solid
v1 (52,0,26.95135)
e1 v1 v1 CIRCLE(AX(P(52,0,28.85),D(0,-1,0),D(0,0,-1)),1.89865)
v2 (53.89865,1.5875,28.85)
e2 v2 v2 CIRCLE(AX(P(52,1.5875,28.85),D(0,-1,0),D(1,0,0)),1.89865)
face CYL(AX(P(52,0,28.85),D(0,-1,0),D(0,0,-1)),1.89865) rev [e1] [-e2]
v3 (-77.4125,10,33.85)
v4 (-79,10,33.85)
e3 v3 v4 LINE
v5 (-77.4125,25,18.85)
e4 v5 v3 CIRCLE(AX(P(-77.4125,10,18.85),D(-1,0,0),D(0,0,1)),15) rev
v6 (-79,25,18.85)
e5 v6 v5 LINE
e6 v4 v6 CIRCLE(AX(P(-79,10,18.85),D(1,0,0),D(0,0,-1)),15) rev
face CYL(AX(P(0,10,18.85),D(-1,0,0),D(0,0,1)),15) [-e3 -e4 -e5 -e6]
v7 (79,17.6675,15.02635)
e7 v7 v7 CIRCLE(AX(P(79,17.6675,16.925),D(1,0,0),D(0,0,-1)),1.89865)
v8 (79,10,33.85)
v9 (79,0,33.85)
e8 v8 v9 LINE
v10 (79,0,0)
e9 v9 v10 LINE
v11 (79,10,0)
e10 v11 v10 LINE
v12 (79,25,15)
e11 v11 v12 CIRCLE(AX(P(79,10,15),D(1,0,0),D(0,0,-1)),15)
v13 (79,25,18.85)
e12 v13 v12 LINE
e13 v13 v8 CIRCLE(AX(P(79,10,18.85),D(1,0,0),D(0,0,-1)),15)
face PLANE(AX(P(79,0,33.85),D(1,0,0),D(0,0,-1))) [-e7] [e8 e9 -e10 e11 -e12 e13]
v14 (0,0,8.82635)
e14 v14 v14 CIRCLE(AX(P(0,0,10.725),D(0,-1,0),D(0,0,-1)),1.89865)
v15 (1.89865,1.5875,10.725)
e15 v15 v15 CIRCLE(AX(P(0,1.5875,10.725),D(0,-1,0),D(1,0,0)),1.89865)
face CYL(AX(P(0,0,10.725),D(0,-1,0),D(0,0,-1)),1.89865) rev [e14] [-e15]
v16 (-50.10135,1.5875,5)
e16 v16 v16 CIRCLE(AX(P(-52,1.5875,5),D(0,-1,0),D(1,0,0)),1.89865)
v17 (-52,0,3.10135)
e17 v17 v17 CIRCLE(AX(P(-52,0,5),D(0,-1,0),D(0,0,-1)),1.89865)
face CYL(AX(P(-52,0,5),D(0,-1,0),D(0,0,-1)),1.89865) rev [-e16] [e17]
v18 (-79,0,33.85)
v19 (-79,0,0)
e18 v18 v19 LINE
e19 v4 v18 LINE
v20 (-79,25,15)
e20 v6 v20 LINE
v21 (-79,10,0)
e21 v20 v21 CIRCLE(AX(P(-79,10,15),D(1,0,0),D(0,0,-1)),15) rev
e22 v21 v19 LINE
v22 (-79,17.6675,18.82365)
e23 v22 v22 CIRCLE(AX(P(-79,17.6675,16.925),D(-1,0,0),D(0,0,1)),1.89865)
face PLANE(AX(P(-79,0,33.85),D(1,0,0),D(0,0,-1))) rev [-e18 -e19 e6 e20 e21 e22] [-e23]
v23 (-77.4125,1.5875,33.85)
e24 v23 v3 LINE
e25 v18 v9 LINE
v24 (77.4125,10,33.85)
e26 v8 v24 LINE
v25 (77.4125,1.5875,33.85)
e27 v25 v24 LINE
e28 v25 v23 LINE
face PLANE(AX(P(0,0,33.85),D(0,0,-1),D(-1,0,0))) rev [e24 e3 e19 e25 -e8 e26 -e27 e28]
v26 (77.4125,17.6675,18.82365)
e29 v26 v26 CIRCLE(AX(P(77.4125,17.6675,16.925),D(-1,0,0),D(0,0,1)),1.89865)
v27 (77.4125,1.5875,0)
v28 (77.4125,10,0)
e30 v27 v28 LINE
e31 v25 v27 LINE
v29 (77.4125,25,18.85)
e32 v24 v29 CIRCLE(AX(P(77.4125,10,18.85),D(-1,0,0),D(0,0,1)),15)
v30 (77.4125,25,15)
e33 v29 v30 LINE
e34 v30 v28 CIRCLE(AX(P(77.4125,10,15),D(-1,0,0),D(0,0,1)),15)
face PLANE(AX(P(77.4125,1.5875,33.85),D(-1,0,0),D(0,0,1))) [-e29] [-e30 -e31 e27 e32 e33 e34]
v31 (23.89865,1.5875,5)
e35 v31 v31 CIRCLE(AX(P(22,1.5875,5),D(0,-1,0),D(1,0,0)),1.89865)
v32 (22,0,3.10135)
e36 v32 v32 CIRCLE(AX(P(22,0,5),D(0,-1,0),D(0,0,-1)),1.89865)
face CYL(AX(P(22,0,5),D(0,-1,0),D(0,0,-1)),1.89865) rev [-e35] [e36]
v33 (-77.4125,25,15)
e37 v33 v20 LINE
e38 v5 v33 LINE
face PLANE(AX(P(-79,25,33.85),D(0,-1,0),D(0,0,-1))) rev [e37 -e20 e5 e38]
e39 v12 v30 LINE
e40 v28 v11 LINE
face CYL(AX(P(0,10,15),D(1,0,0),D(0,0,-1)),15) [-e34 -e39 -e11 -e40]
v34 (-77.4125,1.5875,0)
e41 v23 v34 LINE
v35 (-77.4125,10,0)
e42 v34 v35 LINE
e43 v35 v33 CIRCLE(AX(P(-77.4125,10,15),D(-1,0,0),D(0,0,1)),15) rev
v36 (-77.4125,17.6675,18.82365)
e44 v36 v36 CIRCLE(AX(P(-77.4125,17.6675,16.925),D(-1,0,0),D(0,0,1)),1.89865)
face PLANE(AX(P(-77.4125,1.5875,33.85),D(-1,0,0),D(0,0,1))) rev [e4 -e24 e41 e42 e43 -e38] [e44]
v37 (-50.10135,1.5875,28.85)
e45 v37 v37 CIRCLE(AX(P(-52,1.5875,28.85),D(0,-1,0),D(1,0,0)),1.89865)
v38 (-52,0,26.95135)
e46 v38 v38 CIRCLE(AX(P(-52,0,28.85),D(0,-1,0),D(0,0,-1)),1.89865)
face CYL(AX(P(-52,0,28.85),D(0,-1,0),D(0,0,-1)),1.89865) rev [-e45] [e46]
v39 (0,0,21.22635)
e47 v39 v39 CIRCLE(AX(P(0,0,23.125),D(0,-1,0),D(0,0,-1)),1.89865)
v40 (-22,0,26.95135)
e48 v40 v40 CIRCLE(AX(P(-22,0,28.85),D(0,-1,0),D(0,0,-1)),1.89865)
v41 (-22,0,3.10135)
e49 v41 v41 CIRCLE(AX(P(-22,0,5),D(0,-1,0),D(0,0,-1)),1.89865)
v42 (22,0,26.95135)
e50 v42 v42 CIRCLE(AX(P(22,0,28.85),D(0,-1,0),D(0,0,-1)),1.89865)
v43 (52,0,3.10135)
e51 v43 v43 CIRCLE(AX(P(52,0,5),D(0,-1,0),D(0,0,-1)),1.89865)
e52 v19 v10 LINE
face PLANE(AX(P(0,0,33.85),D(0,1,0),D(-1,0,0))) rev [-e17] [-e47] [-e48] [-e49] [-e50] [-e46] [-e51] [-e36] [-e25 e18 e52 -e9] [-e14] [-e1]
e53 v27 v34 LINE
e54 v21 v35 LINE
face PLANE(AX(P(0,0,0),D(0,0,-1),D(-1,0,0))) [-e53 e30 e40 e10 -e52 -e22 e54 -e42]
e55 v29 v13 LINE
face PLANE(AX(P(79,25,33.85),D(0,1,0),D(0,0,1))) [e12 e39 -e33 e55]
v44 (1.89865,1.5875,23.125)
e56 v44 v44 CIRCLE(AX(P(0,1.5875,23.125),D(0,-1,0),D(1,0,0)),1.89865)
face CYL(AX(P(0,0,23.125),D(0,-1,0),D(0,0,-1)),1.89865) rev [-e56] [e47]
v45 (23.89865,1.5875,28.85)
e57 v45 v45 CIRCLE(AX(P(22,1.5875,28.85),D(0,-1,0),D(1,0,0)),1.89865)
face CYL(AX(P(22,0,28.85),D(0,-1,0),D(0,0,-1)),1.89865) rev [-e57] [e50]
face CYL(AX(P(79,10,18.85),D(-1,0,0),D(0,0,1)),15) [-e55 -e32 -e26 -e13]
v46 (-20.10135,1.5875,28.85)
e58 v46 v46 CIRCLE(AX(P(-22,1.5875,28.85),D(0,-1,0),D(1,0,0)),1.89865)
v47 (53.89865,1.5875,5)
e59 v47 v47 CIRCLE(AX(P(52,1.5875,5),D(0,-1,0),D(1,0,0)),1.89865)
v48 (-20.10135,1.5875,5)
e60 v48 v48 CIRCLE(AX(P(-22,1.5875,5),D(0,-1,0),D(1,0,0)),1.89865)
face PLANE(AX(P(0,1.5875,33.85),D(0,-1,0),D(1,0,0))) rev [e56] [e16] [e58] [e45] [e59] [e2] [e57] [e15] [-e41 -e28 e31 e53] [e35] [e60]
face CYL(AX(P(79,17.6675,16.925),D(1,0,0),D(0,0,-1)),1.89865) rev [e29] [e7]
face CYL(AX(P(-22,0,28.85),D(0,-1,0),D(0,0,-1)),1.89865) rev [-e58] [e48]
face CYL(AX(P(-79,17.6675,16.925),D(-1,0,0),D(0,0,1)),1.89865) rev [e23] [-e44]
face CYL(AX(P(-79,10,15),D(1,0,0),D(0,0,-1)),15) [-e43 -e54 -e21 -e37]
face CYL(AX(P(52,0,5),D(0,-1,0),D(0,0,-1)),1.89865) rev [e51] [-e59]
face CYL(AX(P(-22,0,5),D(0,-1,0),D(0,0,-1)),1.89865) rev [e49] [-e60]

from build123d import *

# Parameters (mm, degrees)
BOSS_EXTRUDE1_DEPTH   = 33.85
F_6_CLEARANCE_HOLE1_D = 3.7973
F_6_CLEARANCE_HOLE2_D = 3.7973
FILLET1_R             = 15
FILLET1_OF_MIRROR1_R  = 15
F_6_CLEARANCE_HOLE3_D = 3.7973


with BuildPart() as part:
    # Sketch1 → Boss-Extrude1 (new body)
    with BuildSketch(Plane.XY):
        Polygon((0, 0), (-79, 0), (-79, 25), (-77.4125, 25), (-77.4125, 1.5875), (0, 1.5875), align=None)
    boss_extrude1 = extrude(amount=BOSS_EXTRUDE1_DEPTH)

    # #6 Clearance Hole1 (through all)
    with Locations(Plane.ZY.offset(79)):
        with Locations((16.925, 17.6675)):
            f_6_clearance_hole1 = Hole(F_6_CLEARANCE_HOLE1_D / 2)

    # #6 Clearance Hole2 (through all)
    with Locations(Plane(origin=(0, 0, 0), x_dir=(-1, 0, 0), z_dir=(0, -1, 0))):
        with Locations((22, -5), (52, -5), (52, -28.85), (22, -28.85)):
            f_6_clearance_hole2 = Hole(F_6_CLEARANCE_HOLE2_D / 2)

    # Fillet1
    fillet1_edges = [part.edges().sort_by_distance(p)[0] for p in [
        (-78.20625, 25, 33.85),
        (-78.20625, 25, 0),
    ]]
    fillet(fillet1_edges, radius=FILLET1_R)

    # Mirror1: Boss-Extrude1, #6 Clearance Hole1, #6 Clearance Hole2 across plane
    add(boss_extrude1.mirror(Plane(origin=(0, 0, 0), x_dir=(0, 0, 1), z_dir=(1, 0, 0))))
    add(f_6_clearance_hole1.mirror(Plane(origin=(0, 0, 0), x_dir=(0, 0, 1), z_dir=(1, 0, 0))), mode=Mode.SUBTRACT)
    add(f_6_clearance_hole2.mirror(Plane(origin=(0, 0, 0), x_dir=(0, 0, 1), z_dir=(1, 0, 0))), mode=Mode.SUBTRACT)

    # Fillet1 of Mirror1
    fillet1_of_mirror1_edges = [part.edges().sort_by_distance(p)[0] for p in [
        (78.20625, 25, 33.85),
        (78.20625, 25, 0),
    ]]
    fillet(fillet1_of_mirror1_edges, radius=FILLET1_OF_MIRROR1_R)

    # #6 Clearance Hole3 (through all)
    with Locations(Plane(origin=(0, 0, 0), x_dir=(-1, 0, 0), z_dir=(0, -1, 0))):
        with Locations((0, -23.125), (0, -10.725)):
            Hole(F_6_CLEARANCE_HOLE3_D / 2)


solid = part.part
